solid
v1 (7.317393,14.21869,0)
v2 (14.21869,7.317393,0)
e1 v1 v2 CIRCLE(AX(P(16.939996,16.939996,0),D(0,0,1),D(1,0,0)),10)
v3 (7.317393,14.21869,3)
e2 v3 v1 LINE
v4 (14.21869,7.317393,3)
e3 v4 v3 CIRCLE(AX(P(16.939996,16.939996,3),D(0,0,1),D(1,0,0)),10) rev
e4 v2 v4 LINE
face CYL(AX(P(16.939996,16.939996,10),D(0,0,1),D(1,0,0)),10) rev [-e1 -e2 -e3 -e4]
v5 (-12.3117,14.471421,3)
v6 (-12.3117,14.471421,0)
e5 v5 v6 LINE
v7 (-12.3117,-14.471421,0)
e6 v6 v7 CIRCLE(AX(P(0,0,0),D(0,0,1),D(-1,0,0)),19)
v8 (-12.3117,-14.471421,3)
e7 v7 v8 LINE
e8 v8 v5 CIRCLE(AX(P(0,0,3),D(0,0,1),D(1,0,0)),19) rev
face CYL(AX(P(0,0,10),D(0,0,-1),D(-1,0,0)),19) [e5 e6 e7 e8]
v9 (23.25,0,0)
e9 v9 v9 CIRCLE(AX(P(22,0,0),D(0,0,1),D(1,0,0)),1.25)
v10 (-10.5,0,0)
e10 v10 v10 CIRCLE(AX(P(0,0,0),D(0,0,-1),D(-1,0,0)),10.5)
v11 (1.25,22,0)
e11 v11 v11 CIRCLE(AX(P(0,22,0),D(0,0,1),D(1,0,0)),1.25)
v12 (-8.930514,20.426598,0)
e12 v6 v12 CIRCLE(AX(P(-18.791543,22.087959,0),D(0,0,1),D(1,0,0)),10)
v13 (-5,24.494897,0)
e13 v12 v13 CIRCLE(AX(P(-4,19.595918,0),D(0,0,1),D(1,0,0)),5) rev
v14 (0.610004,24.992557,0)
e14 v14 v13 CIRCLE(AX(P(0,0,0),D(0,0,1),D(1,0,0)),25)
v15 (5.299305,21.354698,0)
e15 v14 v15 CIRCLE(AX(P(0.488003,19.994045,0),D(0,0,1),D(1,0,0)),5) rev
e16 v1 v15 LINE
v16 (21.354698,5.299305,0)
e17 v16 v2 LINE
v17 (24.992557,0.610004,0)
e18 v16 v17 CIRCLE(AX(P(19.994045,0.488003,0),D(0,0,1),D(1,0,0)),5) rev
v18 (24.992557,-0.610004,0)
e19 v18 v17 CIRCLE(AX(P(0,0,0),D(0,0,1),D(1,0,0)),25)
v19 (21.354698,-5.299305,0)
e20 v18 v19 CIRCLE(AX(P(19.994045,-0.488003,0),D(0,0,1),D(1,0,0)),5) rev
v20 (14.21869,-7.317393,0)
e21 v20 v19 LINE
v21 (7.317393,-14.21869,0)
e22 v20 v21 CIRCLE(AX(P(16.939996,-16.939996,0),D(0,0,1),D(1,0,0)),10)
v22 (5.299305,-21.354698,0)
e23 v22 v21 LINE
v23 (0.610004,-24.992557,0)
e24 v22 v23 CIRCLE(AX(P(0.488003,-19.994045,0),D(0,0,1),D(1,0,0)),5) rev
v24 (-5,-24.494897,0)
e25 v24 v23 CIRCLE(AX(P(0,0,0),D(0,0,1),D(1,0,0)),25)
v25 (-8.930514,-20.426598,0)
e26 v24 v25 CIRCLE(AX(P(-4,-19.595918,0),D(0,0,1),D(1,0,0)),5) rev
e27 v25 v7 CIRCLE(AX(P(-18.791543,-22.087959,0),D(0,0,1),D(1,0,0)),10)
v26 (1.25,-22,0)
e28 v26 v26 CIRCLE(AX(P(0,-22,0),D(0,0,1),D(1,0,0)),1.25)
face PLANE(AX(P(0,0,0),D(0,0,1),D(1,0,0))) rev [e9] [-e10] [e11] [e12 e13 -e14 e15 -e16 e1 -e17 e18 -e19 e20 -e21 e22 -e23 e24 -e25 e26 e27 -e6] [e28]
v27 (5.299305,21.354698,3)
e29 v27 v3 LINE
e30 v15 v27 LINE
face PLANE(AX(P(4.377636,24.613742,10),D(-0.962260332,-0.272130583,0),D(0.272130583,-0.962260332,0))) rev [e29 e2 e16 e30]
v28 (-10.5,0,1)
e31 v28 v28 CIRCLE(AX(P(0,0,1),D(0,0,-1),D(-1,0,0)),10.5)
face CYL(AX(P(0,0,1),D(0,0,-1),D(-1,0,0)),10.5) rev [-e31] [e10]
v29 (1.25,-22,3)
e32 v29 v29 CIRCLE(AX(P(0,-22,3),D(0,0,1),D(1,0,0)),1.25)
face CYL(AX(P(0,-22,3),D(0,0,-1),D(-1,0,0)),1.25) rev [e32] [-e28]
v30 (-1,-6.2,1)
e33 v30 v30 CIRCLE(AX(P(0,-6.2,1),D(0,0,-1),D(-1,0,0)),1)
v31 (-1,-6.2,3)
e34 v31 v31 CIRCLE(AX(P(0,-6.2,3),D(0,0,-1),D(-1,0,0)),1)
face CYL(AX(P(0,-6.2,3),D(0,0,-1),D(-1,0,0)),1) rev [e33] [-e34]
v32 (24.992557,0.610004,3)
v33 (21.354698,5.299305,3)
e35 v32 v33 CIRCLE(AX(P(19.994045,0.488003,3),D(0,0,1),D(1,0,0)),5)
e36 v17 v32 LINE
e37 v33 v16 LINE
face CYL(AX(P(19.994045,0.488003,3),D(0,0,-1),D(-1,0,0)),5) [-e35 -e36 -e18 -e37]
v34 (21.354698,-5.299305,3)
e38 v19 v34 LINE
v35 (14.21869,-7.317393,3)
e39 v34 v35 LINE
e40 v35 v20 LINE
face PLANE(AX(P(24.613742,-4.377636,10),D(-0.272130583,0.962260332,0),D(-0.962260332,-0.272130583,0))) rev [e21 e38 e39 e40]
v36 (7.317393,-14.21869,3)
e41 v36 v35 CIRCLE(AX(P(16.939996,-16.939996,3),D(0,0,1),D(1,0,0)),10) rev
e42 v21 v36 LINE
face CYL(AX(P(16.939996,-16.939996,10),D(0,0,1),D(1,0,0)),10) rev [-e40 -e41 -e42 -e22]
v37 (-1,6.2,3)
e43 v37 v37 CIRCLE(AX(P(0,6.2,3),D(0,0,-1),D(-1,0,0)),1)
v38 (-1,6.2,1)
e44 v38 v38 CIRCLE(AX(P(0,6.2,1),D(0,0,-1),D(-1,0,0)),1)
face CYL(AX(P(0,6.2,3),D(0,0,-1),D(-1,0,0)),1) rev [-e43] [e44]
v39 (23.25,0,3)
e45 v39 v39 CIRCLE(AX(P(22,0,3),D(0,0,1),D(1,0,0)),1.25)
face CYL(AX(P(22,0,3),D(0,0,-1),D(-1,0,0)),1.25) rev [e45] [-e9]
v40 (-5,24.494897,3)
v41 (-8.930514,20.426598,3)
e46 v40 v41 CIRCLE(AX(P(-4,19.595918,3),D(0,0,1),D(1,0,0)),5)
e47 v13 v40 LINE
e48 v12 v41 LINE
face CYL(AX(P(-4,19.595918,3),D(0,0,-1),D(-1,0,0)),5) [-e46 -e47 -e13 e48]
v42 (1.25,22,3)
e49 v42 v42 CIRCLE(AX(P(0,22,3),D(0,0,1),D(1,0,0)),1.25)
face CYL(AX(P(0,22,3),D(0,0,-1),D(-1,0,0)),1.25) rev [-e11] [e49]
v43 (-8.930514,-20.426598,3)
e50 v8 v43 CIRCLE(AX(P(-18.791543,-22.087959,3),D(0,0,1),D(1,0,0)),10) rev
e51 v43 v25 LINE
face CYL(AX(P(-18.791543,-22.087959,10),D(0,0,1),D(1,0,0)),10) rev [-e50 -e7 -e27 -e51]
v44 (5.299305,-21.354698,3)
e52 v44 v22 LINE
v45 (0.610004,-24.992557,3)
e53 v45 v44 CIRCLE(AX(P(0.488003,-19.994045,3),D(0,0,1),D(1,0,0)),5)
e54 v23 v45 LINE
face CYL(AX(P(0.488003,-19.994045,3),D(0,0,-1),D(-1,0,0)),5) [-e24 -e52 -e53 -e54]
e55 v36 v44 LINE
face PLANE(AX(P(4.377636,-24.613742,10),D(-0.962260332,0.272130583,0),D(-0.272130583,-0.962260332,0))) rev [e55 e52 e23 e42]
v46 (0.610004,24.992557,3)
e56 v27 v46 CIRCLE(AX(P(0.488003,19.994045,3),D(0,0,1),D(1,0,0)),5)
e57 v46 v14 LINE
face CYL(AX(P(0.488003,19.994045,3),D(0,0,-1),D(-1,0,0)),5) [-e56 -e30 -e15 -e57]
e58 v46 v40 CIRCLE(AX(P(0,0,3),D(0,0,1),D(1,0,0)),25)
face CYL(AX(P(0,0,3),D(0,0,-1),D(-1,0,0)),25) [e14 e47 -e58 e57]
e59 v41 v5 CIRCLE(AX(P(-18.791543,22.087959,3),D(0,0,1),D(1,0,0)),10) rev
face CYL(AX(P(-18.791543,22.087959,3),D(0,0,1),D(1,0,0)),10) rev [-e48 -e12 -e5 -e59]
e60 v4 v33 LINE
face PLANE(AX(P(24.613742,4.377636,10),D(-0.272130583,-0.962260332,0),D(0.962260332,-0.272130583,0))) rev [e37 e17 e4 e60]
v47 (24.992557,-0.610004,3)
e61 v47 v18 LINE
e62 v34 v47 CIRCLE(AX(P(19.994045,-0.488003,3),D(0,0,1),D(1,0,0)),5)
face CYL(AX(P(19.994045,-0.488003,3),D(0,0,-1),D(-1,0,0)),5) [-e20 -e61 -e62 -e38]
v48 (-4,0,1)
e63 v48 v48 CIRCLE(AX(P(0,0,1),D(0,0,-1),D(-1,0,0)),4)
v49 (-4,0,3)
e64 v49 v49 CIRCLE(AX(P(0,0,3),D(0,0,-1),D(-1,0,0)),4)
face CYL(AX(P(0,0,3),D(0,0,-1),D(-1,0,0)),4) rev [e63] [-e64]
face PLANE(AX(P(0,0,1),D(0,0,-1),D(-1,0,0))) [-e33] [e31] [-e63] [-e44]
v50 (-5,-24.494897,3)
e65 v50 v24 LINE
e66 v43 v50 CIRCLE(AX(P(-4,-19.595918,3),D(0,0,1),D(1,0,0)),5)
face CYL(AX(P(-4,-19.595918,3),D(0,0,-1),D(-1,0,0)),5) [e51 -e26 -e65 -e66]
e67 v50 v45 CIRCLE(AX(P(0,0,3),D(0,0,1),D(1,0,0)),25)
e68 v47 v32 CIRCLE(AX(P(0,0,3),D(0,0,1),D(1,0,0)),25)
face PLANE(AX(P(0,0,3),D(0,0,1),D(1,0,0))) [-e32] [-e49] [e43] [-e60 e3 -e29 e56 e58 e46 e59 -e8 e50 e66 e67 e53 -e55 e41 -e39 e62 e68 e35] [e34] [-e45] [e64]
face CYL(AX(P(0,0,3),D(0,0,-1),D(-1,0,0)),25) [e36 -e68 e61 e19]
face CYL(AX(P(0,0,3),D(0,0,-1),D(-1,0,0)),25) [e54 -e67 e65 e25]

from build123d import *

# Parameters (mm, degrees)
SKETCH_1_R               = 25
SKETCH_1_R_2             = 1.25
EXTRUDE_1_DEPTH          = 3
SKETCH_3_R               = 10.5
SKETCH_3_R_2             = 4
SKETCH_3_R_3             = 1
CUT_EXTRUDE_1_DEPTH      = 1
CUT_EXTRUDE_2_DEPTH      = 36.482389998
CUT_EXTRUDE_2_DEPTH_BACK = 36.482389998
SKETCH_3_2_R             = 4
SKETCH_3_2_R_2           = 1
CUT_EXTRUDE_5_DEPTH      = 10
FILLET_2_R               = 5
FILLET_3_R               = 10


with BuildPart() as part:
    # 草图1 → 凸台-拉伸1 (new body)
    with BuildSketch(Plane.XY):
        Circle(SKETCH_1_R)
        with Locations((0, 22)):
            Circle(SKETCH_1_R_2, mode=Mode.SUBTRACT)
        with Locations((22, 0)):
            Circle(SKETCH_1_R_2, mode=Mode.SUBTRACT)
        with Locations((0, -22)):
            Circle(SKETCH_1_R_2, mode=Mode.SUBTRACT)
    extrude(amount=EXTRUDE_1_DEPTH)

    # 草图3 → 切除-拉伸1 (cut)
    with BuildSketch(Plane(origin=(0, 0, 0), x_dir=(-1, 0, 0), z_dir=(0, 0, -1))):
        Circle(SKETCH_3_R)
        Circle(SKETCH_3_R_2, mode=Mode.SUBTRACT)
        with Locations((0, 6.2)):
            Circle(SKETCH_3_R_3, mode=Mode.SUBTRACT)
        with Locations((0, -6.2)):
            Circle(SKETCH_3_R_3, mode=Mode.SUBTRACT)
    extrude(amount=-CUT_EXTRUDE_1_DEPTH, mode=Mode.SUBTRACT)

    # 草图3<2> → 切除-拉伸2 (cut, two sides: drawn at the far end of the back side and taken through both)
    with BuildSketch(Plane(origin=(0, 0, 0), x_dir=(-1, 0, 0), z_dir=(0, 0, -1)).offset(-CUT_EXTRUDE_2_DEPTH_BACK)):
        Circle(SKETCH_3_2_R)
        with Locations((0, 6.2)):
            Circle(SKETCH_3_2_R_2)
        with Locations((0, -6.2)):
            Circle(SKETCH_3_2_R_2)
    extrude(amount=CUT_EXTRUDE_2_DEPTH + CUT_EXTRUDE_2_DEPTH_BACK, mode=Mode.SUBTRACT)

    # 草图5 → 切除-拉伸5 (cut)
    with BuildSketch(Plane(origin=(0, 0, 0), x_dir=(-1, 0, 0), z_dir=(0, 0, -1))):
        with BuildLine():
            Line((-24.613742187, 4.377635842), (-8.838834765, 8.838834765))
            Line((-8.838834765, 8.838834765), (-4.377635842, 24.613742187))
            ThreePointArc((-4.377635842, 24.613742187), (-17.67766953, 17.67766953), (-24.613742187, 4.377635842))
        make_face()
        with BuildLine():
            Line((-4.377635842, -24.613742187), (-8.838834765, -8.838834765))
            Line((-8.838834765, -8.838834765), (-24.613742187, -4.377635842))
            ThreePointArc((-24.613742187, -4.377635842), (-17.67766953, -17.67766953), (-4.377635842, -24.613742187))
        make_face()
        with BuildLine():
            Line((9, -16.733200531), (9, -23.323807579))
            ThreePointArc((9, -23.323807579), (25, 0), (9, 23.323807579))
            Line((9, 23.323807579), (9, 16.733200531))
            ThreePointArc((9, 16.733200531), (19, 0), (9, -16.733200531))
        make_face()
    extrude(amount=-CUT_EXTRUDE_5_DEPTH, mode=Mode.SUBTRACT)

    # 圆角2
    fillet_2_edges = [part.edges().sort_by_distance(p)[0] for p in [
        (4.377635842, 24.613742187, 1.5),
        (4.377635842, -24.613742187, 1.5),
        (24.613742187, -4.377635842, 1.5),
        (24.613742187, 4.377635842, 1.5),
        (-9, 23.323807579, 1.5),
        (-9, -23.323807579, 1.5),
    ]]
    fillet(fillet_2_edges, radius=FILLET_2_R)

    # 圆角3
    fillet_3_edges = [part.edges().sort_by_distance(p)[0] for p in [
        (8.838834765, 8.838834765, 1.5),
        (8.838834765, -8.838834765, 1.5),
        (-9, -16.733200531, 1.5),
        (-9, 16.733200531, 1.5),
    ]]
    fillet(fillet_3_edges, radius=FILLET_3_R)


solid = part.part
